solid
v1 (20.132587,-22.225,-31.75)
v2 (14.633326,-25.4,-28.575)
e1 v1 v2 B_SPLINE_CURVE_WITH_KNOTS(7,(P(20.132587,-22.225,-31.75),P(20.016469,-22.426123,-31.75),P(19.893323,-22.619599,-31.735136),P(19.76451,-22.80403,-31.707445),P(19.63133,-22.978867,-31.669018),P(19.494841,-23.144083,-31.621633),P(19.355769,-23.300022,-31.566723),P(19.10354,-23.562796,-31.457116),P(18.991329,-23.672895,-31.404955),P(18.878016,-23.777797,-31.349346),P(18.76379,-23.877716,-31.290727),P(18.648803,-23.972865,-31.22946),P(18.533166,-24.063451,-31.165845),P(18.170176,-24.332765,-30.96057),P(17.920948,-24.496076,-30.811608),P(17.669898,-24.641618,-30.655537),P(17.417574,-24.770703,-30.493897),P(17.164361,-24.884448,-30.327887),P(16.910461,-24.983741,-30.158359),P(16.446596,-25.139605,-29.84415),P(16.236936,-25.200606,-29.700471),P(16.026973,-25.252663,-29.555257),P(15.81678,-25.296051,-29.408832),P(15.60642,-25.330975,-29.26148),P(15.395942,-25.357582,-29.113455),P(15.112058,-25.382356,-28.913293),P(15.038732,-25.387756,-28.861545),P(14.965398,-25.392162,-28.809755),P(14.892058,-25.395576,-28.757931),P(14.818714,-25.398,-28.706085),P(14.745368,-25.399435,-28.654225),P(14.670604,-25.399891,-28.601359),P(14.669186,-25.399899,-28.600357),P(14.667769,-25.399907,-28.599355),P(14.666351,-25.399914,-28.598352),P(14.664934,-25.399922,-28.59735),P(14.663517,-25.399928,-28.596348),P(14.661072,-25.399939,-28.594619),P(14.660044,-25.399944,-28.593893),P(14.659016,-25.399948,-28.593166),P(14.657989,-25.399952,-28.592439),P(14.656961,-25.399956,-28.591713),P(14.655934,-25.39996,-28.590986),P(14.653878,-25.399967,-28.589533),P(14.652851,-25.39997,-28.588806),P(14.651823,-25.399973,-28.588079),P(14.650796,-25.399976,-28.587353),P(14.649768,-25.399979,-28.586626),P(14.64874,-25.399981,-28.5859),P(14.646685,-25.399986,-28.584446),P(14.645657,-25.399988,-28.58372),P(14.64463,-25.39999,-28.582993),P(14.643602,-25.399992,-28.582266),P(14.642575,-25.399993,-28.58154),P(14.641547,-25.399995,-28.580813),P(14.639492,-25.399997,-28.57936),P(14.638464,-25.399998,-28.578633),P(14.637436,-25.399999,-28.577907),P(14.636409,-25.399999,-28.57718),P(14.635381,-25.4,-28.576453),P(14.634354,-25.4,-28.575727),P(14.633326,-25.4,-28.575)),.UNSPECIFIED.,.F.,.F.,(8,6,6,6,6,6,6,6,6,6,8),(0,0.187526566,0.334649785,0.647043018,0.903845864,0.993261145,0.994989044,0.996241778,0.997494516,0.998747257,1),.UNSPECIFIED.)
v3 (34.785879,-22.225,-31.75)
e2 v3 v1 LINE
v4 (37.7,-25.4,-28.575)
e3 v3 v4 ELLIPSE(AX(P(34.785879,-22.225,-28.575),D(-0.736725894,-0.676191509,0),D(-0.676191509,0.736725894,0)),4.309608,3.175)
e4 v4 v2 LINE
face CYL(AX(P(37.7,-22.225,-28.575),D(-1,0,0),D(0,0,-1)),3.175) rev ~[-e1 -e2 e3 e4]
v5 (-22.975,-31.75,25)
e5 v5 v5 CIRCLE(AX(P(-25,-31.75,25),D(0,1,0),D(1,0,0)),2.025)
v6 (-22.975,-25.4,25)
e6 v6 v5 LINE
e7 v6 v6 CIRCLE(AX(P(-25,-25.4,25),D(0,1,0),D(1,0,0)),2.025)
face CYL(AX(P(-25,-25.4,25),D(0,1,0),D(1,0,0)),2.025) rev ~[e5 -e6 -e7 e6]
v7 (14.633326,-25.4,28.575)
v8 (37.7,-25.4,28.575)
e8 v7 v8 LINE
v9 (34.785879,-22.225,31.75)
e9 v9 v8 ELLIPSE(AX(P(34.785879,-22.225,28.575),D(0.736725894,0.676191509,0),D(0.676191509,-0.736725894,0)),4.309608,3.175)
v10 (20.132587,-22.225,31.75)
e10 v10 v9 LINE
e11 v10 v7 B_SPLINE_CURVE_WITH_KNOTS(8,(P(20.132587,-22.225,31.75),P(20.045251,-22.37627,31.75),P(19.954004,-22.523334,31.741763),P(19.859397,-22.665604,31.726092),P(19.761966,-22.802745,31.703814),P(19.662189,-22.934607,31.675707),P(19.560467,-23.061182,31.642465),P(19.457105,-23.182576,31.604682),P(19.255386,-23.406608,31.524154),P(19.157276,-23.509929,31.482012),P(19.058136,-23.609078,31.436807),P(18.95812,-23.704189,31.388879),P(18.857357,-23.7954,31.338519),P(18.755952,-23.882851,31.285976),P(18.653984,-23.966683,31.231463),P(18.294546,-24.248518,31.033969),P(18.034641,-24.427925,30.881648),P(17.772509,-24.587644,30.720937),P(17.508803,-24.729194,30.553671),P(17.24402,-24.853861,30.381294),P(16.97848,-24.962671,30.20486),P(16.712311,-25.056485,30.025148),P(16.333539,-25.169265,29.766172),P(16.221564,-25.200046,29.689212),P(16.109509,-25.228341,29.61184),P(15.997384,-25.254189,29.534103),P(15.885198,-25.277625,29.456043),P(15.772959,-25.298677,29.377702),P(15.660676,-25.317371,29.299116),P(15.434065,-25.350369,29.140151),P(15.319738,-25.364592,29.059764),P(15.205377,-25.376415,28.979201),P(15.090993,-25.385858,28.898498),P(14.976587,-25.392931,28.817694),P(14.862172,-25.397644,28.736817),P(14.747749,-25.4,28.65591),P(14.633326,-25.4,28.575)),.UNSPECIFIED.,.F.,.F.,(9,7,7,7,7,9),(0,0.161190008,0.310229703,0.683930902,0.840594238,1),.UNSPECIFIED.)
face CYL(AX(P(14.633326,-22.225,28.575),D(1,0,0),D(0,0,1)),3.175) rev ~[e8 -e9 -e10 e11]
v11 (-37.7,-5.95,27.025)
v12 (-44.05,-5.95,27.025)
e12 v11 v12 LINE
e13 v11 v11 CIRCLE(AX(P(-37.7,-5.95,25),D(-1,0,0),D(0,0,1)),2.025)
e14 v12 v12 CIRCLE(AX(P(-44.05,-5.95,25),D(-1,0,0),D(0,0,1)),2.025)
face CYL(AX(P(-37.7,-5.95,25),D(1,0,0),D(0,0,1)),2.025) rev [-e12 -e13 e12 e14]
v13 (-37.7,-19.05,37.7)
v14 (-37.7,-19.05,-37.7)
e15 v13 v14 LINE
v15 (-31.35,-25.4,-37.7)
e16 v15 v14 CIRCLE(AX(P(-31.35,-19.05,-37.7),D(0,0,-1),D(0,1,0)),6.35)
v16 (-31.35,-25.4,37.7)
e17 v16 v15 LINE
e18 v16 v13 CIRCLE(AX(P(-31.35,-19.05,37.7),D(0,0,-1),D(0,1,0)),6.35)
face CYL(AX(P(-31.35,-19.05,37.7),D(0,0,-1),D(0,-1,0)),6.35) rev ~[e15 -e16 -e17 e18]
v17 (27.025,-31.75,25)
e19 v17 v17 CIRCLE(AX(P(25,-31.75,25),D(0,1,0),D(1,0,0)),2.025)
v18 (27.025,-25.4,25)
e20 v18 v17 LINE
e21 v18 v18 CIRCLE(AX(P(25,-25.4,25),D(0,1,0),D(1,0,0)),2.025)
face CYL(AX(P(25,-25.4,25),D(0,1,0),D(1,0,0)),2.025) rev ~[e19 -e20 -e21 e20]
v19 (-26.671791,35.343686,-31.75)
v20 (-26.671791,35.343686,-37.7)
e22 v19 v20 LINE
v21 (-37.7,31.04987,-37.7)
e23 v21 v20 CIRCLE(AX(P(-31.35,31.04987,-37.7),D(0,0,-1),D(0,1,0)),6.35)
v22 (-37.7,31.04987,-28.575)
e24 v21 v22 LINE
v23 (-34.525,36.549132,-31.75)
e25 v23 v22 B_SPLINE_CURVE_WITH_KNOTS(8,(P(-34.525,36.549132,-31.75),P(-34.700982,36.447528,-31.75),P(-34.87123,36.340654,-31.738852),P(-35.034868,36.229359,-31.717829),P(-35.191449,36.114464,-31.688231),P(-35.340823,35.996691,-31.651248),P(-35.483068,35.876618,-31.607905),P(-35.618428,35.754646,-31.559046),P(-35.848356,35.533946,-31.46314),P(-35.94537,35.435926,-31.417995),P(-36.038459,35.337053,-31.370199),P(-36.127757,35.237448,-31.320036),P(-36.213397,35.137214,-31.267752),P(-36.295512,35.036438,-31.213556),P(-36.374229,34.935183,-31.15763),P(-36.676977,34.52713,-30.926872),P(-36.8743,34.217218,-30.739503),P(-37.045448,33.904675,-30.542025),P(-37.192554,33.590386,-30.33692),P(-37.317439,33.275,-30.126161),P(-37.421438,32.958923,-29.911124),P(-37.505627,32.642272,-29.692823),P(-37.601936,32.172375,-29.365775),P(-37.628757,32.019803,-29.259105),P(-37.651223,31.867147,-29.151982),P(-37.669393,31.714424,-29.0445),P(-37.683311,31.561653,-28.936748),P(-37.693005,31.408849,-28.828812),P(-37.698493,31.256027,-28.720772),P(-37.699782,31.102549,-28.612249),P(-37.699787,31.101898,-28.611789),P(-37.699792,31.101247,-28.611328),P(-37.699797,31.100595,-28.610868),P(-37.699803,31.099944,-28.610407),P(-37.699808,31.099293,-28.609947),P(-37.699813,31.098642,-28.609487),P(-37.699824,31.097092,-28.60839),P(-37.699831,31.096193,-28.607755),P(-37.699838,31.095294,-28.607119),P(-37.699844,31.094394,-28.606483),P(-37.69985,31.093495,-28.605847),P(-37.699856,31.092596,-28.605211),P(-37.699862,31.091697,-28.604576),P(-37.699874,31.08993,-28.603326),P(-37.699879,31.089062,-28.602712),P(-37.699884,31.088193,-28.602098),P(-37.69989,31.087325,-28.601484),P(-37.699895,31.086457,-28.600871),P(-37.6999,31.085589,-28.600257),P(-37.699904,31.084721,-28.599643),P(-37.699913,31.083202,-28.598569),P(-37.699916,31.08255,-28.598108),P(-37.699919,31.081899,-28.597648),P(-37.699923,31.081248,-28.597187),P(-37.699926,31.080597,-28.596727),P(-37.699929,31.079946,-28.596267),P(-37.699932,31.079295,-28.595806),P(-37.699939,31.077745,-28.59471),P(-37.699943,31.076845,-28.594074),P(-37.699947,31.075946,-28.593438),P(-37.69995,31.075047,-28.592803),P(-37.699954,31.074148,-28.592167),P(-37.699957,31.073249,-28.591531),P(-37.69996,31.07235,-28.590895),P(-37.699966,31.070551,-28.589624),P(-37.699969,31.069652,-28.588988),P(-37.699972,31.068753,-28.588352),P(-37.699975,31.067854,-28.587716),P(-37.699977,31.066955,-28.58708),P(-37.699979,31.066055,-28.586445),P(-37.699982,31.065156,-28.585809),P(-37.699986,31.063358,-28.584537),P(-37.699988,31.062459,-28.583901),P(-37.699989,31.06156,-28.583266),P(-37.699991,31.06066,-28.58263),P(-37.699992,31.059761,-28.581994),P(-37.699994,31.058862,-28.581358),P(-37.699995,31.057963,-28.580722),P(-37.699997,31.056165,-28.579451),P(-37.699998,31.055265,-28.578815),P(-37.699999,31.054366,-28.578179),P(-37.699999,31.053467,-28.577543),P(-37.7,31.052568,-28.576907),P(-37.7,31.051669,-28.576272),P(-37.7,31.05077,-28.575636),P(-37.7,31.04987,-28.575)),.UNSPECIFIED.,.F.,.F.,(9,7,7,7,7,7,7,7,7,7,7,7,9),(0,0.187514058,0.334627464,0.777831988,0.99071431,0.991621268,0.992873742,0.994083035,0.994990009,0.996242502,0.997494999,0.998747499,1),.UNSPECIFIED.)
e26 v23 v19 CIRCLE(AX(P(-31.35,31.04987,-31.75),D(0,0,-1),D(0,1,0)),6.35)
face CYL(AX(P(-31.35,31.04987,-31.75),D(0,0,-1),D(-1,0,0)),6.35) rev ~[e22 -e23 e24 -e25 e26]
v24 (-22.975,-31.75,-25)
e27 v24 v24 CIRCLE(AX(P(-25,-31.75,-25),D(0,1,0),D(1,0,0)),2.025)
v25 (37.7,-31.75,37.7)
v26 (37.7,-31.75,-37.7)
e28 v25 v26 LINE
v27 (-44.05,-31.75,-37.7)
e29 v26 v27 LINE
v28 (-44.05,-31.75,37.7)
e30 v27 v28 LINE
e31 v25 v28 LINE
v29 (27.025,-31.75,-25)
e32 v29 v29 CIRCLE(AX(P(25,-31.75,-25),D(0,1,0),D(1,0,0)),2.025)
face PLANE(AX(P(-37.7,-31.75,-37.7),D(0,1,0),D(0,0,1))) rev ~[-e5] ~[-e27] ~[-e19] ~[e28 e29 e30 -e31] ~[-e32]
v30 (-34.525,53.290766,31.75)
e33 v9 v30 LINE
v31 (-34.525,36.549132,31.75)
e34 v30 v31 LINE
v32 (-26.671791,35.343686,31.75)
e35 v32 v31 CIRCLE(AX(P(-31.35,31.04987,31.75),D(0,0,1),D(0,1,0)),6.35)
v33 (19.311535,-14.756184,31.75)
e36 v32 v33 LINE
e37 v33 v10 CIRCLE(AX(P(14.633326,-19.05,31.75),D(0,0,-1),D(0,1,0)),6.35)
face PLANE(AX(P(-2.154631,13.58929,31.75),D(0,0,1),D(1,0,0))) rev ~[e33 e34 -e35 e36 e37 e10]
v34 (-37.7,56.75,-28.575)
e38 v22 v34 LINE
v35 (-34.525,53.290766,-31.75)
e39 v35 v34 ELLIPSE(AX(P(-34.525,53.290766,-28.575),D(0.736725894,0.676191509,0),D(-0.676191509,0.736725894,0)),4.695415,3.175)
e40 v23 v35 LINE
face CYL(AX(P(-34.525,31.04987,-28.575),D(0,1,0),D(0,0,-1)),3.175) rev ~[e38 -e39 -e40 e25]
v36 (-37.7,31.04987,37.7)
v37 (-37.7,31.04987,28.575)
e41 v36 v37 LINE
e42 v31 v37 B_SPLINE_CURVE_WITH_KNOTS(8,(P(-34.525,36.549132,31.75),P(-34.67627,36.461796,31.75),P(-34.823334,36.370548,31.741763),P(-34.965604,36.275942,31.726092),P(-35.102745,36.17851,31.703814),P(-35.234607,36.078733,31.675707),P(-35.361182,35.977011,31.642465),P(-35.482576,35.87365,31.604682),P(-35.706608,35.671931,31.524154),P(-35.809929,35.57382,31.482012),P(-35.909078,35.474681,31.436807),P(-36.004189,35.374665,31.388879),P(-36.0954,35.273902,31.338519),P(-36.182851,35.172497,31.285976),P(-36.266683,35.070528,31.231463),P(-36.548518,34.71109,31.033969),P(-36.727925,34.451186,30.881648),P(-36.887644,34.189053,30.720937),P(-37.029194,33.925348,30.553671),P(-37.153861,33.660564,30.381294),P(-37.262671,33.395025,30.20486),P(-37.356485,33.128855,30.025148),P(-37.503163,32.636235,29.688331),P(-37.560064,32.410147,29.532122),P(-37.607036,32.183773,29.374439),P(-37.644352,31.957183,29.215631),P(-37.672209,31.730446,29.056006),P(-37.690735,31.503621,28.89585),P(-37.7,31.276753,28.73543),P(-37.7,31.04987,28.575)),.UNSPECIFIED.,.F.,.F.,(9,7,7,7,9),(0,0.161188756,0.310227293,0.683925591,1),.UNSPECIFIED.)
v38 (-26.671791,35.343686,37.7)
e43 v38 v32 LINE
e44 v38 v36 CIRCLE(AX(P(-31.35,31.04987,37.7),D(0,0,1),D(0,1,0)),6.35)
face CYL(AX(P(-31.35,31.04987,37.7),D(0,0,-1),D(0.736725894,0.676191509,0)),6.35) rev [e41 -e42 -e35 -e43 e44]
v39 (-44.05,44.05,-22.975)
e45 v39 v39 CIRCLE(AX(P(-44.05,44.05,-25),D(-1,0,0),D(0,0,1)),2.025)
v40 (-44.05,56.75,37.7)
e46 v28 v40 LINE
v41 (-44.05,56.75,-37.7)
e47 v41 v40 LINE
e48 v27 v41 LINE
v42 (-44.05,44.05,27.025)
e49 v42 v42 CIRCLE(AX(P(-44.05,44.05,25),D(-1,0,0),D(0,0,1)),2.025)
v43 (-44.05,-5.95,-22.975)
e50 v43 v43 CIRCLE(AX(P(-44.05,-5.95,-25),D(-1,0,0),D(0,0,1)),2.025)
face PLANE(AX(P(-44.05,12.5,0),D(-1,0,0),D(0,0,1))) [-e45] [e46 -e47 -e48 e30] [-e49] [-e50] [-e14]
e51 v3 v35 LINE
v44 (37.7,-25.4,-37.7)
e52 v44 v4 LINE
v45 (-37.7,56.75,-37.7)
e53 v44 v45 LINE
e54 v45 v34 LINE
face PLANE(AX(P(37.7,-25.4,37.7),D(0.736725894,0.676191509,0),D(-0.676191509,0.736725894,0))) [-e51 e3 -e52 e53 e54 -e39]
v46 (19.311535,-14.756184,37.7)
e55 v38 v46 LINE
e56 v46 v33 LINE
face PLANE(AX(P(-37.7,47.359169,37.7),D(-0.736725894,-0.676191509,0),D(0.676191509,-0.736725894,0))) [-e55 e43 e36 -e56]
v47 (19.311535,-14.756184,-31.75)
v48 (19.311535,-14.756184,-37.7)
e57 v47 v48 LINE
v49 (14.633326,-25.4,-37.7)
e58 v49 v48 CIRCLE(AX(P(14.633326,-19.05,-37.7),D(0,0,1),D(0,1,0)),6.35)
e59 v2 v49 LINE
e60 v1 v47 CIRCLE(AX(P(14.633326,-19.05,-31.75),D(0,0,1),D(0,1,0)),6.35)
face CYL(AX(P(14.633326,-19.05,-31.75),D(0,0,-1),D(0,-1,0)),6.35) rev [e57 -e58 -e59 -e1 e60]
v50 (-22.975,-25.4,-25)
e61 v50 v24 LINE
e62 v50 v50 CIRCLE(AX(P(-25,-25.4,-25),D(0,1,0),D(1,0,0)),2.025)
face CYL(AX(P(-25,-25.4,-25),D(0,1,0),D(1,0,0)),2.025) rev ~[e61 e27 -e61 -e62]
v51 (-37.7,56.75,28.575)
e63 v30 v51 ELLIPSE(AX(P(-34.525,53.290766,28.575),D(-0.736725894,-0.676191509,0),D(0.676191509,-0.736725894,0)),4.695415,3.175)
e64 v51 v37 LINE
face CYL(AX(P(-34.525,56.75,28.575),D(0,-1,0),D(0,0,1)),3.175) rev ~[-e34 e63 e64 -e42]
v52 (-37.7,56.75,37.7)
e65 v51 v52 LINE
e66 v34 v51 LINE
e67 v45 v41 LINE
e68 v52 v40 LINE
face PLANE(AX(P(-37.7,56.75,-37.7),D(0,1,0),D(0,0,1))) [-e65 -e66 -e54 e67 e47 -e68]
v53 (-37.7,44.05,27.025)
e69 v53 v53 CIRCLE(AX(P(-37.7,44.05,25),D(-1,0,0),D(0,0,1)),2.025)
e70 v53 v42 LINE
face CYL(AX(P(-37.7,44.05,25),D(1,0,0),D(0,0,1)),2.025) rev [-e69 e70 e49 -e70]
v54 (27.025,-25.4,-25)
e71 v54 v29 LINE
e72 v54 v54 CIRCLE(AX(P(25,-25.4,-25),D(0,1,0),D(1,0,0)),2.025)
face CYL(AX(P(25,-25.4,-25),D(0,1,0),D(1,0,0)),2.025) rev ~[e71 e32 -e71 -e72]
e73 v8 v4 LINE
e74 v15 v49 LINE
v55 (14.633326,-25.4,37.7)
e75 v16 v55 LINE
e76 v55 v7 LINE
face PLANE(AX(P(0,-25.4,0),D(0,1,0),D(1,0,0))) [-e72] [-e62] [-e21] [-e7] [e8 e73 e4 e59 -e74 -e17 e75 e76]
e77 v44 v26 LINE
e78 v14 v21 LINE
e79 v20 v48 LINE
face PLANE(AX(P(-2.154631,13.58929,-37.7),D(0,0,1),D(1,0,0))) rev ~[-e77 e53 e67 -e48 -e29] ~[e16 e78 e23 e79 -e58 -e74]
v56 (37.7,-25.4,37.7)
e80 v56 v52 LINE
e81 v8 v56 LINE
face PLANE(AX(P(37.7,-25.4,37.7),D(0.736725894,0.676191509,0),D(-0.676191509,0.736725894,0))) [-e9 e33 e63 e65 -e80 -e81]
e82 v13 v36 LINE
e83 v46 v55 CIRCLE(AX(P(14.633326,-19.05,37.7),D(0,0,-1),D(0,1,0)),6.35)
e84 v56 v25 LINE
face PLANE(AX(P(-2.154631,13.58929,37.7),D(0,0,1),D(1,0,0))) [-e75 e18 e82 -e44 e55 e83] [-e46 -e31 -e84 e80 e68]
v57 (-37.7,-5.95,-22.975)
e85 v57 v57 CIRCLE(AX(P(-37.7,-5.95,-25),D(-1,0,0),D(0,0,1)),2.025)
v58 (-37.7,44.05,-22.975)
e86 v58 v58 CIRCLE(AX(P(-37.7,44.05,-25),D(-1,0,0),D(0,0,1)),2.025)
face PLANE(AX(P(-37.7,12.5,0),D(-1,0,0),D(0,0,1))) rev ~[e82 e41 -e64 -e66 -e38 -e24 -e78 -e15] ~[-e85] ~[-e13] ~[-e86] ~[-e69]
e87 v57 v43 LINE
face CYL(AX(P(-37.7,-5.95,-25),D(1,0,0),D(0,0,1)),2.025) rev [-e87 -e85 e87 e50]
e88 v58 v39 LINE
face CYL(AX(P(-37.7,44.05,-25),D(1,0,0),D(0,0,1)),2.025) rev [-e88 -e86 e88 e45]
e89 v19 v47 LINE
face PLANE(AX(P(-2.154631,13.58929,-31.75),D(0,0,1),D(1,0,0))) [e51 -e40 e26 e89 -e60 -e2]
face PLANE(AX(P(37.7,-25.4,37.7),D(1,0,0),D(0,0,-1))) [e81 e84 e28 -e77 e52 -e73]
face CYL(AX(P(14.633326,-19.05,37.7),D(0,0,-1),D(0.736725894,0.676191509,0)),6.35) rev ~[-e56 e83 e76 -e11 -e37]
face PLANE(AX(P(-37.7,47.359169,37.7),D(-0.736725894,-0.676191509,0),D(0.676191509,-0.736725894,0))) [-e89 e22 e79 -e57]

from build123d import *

# Parameters (mm, degrees)
BOSS_EXTRUDE1_START = -25.4
SKETCH1_W           = 75.4
SKETCH1_H           = 75.4
SKETCH1_R           = 2.025
BOSS_EXTRUDE1_DEPTH = 6.35
SKETCH2_W           = 75.4
SKETCH2_H           = 88.5
SKETCH2_R           = 2.025
BOSS_EXTRUDE2_DEPTH = 6.35
BOSS_EXTRUDE3_START = -37.7
BOSS_EXTRUDE3_DEPTH = 75.4
CUT_EXTRUDE1_DEPTH  = 31.75
FILLET3_R           = 6.35
FILLET4_R           = 3.175


with BuildPart() as part:
    # Sketch1 → Boss-Extrude1 (new body)
    with BuildSketch(Plane(origin=(0, 0, 0), x_dir=(1, 0, 0), z_dir=(0, 1, 0)).offset(BOSS_EXTRUDE1_START)):
        Rectangle(SKETCH1_W, SKETCH1_H)
        with Locations((-25, 25)):
            Circle(SKETCH1_R, mode=Mode.SUBTRACT)
        with Locations((25, 25)):
            Circle(SKETCH1_R, mode=Mode.SUBTRACT)
        with Locations((25, -25)):
            Circle(SKETCH1_R, mode=Mode.SUBTRACT)
        with Locations((-25, -25)):
            Circle(SKETCH1_R, mode=Mode.SUBTRACT)
    extrude(amount=-BOSS_EXTRUDE1_DEPTH)

    # Sketch2 → Boss-Extrude2 (add)
    with BuildSketch(Plane.ZY.offset(37.7)):
        with Locations((0, 12.5)):
            Rectangle(SKETCH2_W, SKETCH2_H)
        with Locations((-25, 44.05)):
            Circle(SKETCH2_R, mode=Mode.SUBTRACT)
        with Locations((-25, -5.95)):
            Circle(SKETCH2_R, mode=Mode.SUBTRACT)
        with Locations((25, -5.95)):
            Circle(SKETCH2_R, mode=Mode.SUBTRACT)
        with Locations((25, 44.05)):
            Circle(SKETCH2_R, mode=Mode.SUBTRACT)
    extrude(amount=BOSS_EXTRUDE2_DEPTH)

    # Sketch3 → Boss-Extrude3 (add)
    with BuildSketch(Plane(origin=(0, 0, 0), x_dir=(-1, 0, 0), z_dir=(0, 0, -1)).offset(BOSS_EXTRUDE3_START)):
        Polygon((-37.7, -25.4), (37.7, 56.75), (37.7, 47.359169269), (-29.08078348, -25.4), align=None)
    extrude(amount=BOSS_EXTRUDE3_DEPTH)

    # Sketch3<2> → Cut-Extrude1 (cut, symmetric)
    with BuildSketch(Plane(origin=(0, 0, 0), x_dir=(-1, 0, 0), z_dir=(0, 0, -1))):
        Polygon((-37.7, -25.4), (37.7, 56.75), (37.7, 47.359169269), (-29.08078348, -25.4), align=None)
    extrude(amount=CUT_EXTRUDE1_DEPTH, both=True, mode=Mode.SUBTRACT)

    # Fillet3
    fillet3_edges = [part.edges().sort_by_distance(p)[0] for p in [
        (-37.7, 47.359169269, -34.725),
        (-37.7, -25.4, 0),
        (29.08078348, -25.4, -34.725),
        (-37.7, 47.359169269, 34.725),
        (29.08078348, -25.4, 34.725),
    ]]
    fillet(fillet3_edges, radius=FILLET3_R)

    # Fillet4
    fillet4_edges = [part.edges().sort_by_distance(p)[0] for p in [
        (21.857054709, -25.4, 31.75),
        (-37.7, 39.204519819, 31.75),
        (21.857054709, -25.4, -31.75),
        (-37.7, 39.204519819, -31.75),
    ]]
    fillet(fillet4_edges, radius=FILLET4_R)


solid = part.part
